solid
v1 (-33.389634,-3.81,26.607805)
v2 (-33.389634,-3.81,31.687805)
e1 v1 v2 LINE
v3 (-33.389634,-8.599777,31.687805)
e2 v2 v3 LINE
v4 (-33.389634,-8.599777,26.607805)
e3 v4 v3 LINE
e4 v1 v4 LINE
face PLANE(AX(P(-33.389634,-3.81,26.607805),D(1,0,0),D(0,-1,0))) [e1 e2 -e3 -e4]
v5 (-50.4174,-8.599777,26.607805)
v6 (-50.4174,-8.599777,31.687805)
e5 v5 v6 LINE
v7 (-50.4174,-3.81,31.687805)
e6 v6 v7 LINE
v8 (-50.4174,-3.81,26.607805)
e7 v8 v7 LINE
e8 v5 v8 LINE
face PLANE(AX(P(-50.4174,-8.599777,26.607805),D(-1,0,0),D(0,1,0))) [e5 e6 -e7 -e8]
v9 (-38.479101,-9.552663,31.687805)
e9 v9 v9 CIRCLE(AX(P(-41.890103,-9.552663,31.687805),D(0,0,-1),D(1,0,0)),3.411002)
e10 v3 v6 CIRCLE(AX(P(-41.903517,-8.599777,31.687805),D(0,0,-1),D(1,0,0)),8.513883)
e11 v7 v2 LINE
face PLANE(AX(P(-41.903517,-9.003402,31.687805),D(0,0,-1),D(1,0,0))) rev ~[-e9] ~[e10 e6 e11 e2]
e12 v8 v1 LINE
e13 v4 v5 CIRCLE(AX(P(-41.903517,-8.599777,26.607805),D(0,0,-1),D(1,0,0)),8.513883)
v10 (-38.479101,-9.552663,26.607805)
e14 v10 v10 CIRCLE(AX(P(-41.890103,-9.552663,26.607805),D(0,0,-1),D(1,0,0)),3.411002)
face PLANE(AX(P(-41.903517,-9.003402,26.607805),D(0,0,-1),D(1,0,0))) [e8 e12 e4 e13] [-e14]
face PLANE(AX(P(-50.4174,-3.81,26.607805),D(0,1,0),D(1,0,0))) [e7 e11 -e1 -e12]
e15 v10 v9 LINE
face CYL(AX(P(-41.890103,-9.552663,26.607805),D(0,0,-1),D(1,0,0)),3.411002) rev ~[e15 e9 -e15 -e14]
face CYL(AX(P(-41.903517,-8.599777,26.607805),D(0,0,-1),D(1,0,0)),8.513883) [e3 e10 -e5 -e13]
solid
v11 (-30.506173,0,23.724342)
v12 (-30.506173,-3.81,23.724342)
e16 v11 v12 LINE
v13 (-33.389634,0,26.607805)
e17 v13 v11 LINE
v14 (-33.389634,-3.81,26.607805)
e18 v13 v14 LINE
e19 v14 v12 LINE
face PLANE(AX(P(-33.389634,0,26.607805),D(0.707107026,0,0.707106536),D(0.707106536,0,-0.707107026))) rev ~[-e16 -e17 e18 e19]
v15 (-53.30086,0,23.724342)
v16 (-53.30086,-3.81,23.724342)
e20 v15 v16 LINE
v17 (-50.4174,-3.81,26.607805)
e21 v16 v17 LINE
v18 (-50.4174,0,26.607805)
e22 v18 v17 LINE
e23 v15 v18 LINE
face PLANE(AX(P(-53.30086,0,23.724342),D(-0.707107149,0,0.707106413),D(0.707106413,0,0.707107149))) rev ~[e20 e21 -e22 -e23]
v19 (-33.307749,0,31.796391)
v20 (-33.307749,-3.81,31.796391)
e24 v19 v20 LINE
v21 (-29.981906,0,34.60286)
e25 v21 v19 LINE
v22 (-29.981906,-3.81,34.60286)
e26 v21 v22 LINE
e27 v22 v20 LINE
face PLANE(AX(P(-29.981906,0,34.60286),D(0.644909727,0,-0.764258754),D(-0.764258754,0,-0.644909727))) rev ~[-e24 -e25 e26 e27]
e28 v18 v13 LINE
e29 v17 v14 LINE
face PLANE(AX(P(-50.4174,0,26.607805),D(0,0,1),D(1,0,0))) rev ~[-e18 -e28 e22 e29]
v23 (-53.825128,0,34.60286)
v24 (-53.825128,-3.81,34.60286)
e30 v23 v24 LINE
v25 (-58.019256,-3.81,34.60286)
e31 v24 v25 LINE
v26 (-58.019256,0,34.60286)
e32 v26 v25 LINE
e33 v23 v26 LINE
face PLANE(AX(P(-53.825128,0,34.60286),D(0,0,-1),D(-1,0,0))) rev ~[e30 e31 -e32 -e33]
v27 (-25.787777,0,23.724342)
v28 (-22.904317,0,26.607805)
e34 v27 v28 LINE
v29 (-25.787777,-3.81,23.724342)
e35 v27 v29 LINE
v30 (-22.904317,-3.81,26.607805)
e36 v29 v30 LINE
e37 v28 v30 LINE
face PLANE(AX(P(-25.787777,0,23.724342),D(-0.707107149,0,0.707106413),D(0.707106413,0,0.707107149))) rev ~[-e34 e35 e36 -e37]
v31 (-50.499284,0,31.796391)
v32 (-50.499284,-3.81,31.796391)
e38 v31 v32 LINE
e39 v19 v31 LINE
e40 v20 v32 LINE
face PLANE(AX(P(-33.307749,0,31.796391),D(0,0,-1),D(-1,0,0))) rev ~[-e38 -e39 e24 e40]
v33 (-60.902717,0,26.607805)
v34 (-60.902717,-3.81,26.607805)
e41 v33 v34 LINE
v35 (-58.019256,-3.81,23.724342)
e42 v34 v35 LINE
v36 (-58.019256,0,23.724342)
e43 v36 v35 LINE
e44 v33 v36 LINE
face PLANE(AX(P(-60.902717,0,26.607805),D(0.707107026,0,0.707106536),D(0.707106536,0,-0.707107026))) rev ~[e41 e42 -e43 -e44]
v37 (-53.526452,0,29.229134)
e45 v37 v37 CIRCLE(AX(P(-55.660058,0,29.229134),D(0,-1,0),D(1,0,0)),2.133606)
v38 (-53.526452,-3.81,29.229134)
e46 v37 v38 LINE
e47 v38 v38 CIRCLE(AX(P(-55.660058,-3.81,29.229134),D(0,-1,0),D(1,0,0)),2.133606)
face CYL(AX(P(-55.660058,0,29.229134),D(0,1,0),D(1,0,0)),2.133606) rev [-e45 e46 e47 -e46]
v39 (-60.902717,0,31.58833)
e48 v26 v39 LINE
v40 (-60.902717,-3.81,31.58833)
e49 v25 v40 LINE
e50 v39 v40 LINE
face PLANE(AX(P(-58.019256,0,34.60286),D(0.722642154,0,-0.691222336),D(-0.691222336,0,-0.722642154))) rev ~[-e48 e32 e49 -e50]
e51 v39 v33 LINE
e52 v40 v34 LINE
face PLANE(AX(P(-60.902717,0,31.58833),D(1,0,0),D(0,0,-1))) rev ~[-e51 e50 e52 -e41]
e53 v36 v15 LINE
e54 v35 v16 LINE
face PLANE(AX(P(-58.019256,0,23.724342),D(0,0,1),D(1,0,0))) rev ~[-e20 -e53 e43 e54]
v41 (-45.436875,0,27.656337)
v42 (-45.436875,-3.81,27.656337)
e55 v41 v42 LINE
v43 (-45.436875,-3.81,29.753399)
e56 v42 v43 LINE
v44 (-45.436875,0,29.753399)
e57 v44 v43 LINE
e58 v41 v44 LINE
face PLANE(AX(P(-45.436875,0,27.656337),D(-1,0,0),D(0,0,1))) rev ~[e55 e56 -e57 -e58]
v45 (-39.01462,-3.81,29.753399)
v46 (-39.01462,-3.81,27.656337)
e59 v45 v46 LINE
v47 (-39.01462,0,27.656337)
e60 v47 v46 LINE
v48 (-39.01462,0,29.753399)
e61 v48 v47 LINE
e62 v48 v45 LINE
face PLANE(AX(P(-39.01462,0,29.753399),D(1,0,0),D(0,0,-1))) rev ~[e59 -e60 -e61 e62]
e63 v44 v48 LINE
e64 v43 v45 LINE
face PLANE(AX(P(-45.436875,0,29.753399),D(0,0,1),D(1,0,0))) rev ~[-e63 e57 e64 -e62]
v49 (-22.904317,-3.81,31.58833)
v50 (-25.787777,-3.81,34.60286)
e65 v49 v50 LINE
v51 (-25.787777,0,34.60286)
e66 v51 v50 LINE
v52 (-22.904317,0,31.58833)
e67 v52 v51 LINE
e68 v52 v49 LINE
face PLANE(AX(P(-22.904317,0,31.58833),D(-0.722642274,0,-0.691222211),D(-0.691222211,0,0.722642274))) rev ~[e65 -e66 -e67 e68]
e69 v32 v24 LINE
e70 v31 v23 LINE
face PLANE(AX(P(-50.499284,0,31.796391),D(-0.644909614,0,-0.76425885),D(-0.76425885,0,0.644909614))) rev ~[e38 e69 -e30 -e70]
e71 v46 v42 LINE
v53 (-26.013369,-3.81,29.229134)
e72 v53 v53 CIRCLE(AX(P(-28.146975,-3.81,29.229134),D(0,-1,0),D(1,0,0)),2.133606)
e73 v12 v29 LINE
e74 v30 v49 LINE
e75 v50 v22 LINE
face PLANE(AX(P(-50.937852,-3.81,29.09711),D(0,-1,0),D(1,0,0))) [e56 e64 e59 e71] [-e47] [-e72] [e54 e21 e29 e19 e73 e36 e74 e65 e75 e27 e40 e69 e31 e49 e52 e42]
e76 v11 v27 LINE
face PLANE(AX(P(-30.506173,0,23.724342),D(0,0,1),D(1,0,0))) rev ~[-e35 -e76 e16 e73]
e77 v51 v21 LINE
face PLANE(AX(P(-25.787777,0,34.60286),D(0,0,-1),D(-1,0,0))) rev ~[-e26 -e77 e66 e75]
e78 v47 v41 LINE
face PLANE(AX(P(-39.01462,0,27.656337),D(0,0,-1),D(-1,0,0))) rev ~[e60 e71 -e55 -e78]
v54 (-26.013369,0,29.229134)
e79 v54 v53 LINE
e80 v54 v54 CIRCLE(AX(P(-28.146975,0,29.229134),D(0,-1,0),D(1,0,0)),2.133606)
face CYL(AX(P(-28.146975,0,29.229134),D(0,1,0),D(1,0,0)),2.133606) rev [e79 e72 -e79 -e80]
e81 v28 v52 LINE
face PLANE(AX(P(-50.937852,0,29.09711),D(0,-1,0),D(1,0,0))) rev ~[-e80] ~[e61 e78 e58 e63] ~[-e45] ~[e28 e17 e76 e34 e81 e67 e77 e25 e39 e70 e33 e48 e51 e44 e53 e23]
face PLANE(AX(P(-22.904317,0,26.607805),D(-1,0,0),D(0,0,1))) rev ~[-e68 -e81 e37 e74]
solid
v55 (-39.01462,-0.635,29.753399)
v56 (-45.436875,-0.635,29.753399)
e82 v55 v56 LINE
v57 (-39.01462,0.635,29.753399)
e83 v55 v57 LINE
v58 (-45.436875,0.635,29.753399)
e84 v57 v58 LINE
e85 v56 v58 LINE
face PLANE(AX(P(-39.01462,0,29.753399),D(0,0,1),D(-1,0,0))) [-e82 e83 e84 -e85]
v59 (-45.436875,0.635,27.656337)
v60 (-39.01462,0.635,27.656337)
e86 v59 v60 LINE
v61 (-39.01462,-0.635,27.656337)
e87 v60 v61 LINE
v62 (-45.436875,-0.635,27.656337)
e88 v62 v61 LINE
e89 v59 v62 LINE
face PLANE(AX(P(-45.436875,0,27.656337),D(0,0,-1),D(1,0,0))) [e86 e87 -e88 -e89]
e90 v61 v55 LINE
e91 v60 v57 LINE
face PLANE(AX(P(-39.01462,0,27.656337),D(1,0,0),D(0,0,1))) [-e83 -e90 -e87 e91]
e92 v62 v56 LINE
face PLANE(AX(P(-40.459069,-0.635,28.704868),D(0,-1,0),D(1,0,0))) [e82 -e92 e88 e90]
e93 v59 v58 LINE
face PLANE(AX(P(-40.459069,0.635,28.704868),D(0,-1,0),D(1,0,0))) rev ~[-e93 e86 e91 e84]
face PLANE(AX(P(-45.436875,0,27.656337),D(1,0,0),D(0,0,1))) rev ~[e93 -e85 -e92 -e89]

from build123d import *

# Parameters (mm, degrees)
F0_R     = 2.133606
F1_DEPTH = 3.81
F0_W     = 2.888897
F0_H     = 2.097062
F0_W_2   = 3.533358
F2_DEPTH = 0.635
F3_R     = 3.411002
F4_DEPTH = 5.08


with BuildPart() as f1:
    # F0 (on Front) → F1 (new body)
    with BuildSketch(Plane.XZ):
        Polygon((-41.903517, 31.796391), (-50.499284, 31.796391), (-53.825128, 34.60286), (-58.019256, 34.60286), (-60.902717, 31.58833), (-60.902717, 26.607805), (-58.019256, 23.724342), (-53.30086, 23.724342), (-50.4174, 26.607805), (-41.903517, 26.607805), (-41.903517, 27.656337), (-45.436875, 27.656337), (-45.436875, 29.753399), (-41.903517, 29.753399), align=None)
        with Locations((-55.660058, 29.229134)):
            Circle(F0_R, mode=Mode.SUBTRACT)
        Polygon((-33.307749, 31.796391), (-41.903517, 31.796391), (-41.903517, 29.753399), (-39.01462, 29.753399), (-39.01462, 27.656337), (-41.903517, 27.656337), (-41.903517, 26.607805), (-33.389634, 26.607805), (-30.506173, 23.724342), (-25.787777, 23.724342), (-22.904317, 26.607805), (-22.904317, 31.58833), (-25.787777, 34.60286), (-29.981906, 34.60286), align=None)
        with Locations((-28.146975, 29.229134)):
            Circle(F0_R, mode=Mode.SUBTRACT)
    extrude(amount=F1_DEPTH)


with BuildPart() as f2:
    # F0 (on Front) → F2 (new body, symmetric)
    with BuildSketch(Plane.XZ):
        with Locations((-40.459069, 28.704868)):
            Rectangle(F0_W, F0_H)
        with Locations((-43.670196, 28.704868)):
            Rectangle(F0_W_2, F0_H)
    extrude(amount=F2_DEPTH, both=True)


with BuildPart() as f4:
    # F3 (on face) → F4 (new body)
    with BuildSketch(Plane(origin=(0, 0, 26.607805), x_dir=(1, 0, 0), z_dir=(0, 0, -1))):
        with BuildLine():
            Line((-50.4174, 8.599777), (-50.4174, 3.81))
            Line((-50.4174, 3.81), (-46.59472, 3.81))
            Line((-46.59472, 3.81), (-36.627345, 3.81))
            Line((-36.627345, 3.81), (-33.389634, 3.81))
            Line((-33.389634, 3.81), (-33.389634, 8.599777))
            ThreePointArc((-33.389634, 8.599777), (-41.903517, 17.11366), (-50.4174, 8.599777))
        make_face()
        with Locations((-41.890103, 9.552663)):
            Circle(F3_R, mode=Mode.SUBTRACT)
    extrude(amount=-F4_DEPTH)


solid = Compound([f1.part, f2.part, f4.part])
